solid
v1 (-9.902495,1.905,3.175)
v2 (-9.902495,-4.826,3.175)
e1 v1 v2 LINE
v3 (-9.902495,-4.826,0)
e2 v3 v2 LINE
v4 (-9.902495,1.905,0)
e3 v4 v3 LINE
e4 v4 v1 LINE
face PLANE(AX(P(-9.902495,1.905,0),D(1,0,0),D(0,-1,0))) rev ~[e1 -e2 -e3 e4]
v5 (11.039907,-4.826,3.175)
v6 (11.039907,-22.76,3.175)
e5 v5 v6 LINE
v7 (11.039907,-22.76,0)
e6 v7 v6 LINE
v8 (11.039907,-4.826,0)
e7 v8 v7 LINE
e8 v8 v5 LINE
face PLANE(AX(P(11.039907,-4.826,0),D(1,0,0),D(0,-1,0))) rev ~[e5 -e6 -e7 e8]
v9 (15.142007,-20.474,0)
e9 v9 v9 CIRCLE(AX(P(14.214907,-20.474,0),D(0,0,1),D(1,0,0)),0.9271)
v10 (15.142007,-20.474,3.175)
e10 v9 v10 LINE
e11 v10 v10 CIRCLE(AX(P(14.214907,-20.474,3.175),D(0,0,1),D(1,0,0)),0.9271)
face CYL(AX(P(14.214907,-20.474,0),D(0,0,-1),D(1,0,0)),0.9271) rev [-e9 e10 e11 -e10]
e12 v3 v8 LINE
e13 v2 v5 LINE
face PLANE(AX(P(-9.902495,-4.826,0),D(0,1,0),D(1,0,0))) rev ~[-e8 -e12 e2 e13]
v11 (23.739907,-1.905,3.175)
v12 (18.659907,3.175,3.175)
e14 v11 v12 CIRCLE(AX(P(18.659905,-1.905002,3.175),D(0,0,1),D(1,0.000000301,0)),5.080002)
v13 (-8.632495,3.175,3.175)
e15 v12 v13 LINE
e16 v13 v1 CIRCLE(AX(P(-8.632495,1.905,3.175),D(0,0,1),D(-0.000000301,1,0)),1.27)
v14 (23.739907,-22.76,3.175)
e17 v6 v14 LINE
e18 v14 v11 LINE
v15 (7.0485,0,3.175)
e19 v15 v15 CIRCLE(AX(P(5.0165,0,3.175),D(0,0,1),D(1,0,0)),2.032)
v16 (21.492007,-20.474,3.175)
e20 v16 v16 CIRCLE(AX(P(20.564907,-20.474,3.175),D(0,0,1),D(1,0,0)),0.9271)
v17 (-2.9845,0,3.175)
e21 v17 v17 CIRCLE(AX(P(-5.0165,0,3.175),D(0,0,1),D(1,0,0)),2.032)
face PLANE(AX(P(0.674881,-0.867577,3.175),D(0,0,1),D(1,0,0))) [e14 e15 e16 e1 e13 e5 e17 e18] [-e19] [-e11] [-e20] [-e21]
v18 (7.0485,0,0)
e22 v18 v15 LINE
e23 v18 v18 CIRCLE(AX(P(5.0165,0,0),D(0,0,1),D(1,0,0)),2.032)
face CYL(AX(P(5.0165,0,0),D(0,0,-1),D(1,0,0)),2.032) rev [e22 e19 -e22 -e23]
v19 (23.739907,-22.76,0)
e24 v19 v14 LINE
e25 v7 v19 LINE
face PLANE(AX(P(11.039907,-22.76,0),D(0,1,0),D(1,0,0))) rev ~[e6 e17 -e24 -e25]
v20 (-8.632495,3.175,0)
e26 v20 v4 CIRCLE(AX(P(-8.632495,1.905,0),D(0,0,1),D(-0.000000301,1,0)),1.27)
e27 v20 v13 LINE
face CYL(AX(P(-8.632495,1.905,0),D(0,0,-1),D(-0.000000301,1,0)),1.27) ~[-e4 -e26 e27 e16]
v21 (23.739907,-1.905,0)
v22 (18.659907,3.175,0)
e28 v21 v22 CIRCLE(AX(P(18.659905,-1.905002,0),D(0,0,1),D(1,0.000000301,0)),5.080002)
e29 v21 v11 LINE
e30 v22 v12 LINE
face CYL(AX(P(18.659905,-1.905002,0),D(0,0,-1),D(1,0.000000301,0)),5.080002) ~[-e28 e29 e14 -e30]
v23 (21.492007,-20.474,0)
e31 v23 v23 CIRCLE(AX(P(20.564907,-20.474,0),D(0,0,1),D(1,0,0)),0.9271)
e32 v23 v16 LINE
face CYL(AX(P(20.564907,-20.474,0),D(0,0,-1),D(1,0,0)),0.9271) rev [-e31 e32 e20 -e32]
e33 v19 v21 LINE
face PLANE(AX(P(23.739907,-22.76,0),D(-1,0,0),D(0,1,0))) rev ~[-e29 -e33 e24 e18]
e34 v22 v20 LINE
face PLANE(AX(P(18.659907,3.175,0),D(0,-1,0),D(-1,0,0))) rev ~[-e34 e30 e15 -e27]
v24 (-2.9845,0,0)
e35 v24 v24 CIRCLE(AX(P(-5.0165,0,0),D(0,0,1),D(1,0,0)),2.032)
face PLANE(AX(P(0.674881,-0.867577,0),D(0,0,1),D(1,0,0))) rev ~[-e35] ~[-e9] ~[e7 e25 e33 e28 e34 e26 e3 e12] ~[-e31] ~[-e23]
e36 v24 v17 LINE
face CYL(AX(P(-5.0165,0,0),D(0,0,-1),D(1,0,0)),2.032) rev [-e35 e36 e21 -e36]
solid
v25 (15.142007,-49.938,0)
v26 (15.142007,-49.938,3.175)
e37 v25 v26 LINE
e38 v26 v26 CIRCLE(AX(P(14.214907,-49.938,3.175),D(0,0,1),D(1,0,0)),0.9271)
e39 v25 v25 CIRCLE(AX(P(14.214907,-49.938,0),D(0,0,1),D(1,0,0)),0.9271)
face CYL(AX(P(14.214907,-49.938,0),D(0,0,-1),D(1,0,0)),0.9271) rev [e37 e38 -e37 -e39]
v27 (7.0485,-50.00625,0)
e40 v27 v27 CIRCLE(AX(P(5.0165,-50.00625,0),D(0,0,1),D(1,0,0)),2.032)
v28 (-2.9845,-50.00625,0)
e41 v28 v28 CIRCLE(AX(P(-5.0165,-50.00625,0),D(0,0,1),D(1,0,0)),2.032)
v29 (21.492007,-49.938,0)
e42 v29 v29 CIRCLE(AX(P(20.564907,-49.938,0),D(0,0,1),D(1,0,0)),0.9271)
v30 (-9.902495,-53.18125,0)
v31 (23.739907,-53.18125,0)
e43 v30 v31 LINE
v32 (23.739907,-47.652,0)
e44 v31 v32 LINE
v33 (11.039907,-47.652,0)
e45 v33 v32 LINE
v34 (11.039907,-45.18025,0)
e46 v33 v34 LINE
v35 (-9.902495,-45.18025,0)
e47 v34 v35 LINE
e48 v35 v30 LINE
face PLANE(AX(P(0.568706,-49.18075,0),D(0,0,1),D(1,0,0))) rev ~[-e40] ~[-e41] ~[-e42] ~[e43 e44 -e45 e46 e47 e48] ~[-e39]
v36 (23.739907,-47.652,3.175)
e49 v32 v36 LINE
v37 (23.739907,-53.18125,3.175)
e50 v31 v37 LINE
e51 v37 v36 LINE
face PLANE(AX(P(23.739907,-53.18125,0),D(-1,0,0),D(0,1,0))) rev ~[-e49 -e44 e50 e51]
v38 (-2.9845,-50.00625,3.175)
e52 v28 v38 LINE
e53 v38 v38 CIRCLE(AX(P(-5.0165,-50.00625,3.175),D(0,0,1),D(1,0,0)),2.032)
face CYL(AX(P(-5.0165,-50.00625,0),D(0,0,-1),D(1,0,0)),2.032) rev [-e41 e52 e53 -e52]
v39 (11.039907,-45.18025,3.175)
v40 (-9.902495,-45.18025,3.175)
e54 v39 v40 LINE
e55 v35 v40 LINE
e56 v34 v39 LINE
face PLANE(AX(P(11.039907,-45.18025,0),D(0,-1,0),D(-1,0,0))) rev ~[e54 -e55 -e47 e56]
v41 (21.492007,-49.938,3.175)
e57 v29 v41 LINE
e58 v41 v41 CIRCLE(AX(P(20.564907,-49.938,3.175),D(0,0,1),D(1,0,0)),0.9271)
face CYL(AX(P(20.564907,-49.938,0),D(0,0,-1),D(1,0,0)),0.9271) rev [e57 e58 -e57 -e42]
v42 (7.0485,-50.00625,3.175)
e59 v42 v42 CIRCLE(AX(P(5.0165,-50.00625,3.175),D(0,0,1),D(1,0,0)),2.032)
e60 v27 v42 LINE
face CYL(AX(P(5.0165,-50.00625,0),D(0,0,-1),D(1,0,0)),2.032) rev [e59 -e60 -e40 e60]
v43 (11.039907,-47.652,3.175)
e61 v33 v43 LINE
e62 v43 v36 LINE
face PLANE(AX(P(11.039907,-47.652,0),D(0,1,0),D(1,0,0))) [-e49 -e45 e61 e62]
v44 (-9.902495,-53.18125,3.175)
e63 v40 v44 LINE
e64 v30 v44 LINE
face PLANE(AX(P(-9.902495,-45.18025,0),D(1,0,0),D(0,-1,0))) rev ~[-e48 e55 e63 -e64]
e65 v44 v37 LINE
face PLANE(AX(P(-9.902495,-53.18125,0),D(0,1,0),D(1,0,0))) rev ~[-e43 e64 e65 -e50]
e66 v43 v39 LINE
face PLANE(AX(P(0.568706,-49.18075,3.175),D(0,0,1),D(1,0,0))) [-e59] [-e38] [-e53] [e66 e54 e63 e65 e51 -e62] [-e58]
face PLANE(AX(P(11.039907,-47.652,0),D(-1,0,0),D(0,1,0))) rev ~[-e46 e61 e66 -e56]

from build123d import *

# Parameters (mm, degrees)
F0_R     = 2.032
F0_R_2   = 0.9271
F0_W     = 12.7
F0_H     = 5.52925
F1_DEPTH = 3.175


with BuildPart() as f1:
    # F0 (on Top) → F1 (new body)
    with BuildSketch(Plane.XY):
        with BuildLine():
            Line((-9.902495, -4.826), (11.039907, -4.826))
            Line((11.039907, -4.826), (11.039907, 3.175))
            Line((11.039907, 3.175), (-8.632495, 3.175))
            ThreePointArc((-8.632495, 3.175), (-9.53052, 2.803026), (-9.902495, 1.905))
            Line((-9.902495, 1.905), (-9.902495, -4.826))
        make_face()
        with Locations((-5.0165, 0)):
            Circle(F0_R, mode=Mode.SUBTRACT)
        with Locations((5.0165, 0)):
            Circle(F0_R, mode=Mode.SUBTRACT)
        with BuildLine():
            Line((11.039907, 3.175), (11.039907, -4.826))
            Line((11.039907, -4.826), (11.039907, -22.76))
            Line((11.039907, -22.76), (23.739907, -22.76))
            Line((23.739907, -22.76), (23.739907, -1.905))
            ThreePointArc((23.739907, -1.905), (22.252009, 1.687102), (18.659907, 3.175))
            Line((18.659907, 3.175), (11.039907, 3.175))
        make_face()
        with Locations((14.214907, -20.474)):
            Circle(F0_R_2, mode=Mode.SUBTRACT)
        with Locations((20.564907, -20.474)):
            Circle(F0_R_2, mode=Mode.SUBTRACT)
        Polygon((11.039907, -45.18025), (-9.902495, -45.18025), (-9.902495, -53.18125), (11.039907, -53.18125), (11.039907, -47.652), align=None)
        with Locations((-5.0165, -50.00625)):
            Circle(F0_R, mode=Mode.SUBTRACT)
        with Locations((5.0165, -50.00625)):
            Circle(F0_R, mode=Mode.SUBTRACT)
        with Locations((17.389907, -50.416625)):
            Rectangle(F0_W, F0_H)
        with Locations((14.214907, -49.938)):
            Circle(F0_R_2, mode=Mode.SUBTRACT)
        with Locations((20.564907, -49.938)):
            Circle(F0_R_2, mode=Mode.SUBTRACT)
    extrude(amount=F1_DEPTH)


solid = f1.part
